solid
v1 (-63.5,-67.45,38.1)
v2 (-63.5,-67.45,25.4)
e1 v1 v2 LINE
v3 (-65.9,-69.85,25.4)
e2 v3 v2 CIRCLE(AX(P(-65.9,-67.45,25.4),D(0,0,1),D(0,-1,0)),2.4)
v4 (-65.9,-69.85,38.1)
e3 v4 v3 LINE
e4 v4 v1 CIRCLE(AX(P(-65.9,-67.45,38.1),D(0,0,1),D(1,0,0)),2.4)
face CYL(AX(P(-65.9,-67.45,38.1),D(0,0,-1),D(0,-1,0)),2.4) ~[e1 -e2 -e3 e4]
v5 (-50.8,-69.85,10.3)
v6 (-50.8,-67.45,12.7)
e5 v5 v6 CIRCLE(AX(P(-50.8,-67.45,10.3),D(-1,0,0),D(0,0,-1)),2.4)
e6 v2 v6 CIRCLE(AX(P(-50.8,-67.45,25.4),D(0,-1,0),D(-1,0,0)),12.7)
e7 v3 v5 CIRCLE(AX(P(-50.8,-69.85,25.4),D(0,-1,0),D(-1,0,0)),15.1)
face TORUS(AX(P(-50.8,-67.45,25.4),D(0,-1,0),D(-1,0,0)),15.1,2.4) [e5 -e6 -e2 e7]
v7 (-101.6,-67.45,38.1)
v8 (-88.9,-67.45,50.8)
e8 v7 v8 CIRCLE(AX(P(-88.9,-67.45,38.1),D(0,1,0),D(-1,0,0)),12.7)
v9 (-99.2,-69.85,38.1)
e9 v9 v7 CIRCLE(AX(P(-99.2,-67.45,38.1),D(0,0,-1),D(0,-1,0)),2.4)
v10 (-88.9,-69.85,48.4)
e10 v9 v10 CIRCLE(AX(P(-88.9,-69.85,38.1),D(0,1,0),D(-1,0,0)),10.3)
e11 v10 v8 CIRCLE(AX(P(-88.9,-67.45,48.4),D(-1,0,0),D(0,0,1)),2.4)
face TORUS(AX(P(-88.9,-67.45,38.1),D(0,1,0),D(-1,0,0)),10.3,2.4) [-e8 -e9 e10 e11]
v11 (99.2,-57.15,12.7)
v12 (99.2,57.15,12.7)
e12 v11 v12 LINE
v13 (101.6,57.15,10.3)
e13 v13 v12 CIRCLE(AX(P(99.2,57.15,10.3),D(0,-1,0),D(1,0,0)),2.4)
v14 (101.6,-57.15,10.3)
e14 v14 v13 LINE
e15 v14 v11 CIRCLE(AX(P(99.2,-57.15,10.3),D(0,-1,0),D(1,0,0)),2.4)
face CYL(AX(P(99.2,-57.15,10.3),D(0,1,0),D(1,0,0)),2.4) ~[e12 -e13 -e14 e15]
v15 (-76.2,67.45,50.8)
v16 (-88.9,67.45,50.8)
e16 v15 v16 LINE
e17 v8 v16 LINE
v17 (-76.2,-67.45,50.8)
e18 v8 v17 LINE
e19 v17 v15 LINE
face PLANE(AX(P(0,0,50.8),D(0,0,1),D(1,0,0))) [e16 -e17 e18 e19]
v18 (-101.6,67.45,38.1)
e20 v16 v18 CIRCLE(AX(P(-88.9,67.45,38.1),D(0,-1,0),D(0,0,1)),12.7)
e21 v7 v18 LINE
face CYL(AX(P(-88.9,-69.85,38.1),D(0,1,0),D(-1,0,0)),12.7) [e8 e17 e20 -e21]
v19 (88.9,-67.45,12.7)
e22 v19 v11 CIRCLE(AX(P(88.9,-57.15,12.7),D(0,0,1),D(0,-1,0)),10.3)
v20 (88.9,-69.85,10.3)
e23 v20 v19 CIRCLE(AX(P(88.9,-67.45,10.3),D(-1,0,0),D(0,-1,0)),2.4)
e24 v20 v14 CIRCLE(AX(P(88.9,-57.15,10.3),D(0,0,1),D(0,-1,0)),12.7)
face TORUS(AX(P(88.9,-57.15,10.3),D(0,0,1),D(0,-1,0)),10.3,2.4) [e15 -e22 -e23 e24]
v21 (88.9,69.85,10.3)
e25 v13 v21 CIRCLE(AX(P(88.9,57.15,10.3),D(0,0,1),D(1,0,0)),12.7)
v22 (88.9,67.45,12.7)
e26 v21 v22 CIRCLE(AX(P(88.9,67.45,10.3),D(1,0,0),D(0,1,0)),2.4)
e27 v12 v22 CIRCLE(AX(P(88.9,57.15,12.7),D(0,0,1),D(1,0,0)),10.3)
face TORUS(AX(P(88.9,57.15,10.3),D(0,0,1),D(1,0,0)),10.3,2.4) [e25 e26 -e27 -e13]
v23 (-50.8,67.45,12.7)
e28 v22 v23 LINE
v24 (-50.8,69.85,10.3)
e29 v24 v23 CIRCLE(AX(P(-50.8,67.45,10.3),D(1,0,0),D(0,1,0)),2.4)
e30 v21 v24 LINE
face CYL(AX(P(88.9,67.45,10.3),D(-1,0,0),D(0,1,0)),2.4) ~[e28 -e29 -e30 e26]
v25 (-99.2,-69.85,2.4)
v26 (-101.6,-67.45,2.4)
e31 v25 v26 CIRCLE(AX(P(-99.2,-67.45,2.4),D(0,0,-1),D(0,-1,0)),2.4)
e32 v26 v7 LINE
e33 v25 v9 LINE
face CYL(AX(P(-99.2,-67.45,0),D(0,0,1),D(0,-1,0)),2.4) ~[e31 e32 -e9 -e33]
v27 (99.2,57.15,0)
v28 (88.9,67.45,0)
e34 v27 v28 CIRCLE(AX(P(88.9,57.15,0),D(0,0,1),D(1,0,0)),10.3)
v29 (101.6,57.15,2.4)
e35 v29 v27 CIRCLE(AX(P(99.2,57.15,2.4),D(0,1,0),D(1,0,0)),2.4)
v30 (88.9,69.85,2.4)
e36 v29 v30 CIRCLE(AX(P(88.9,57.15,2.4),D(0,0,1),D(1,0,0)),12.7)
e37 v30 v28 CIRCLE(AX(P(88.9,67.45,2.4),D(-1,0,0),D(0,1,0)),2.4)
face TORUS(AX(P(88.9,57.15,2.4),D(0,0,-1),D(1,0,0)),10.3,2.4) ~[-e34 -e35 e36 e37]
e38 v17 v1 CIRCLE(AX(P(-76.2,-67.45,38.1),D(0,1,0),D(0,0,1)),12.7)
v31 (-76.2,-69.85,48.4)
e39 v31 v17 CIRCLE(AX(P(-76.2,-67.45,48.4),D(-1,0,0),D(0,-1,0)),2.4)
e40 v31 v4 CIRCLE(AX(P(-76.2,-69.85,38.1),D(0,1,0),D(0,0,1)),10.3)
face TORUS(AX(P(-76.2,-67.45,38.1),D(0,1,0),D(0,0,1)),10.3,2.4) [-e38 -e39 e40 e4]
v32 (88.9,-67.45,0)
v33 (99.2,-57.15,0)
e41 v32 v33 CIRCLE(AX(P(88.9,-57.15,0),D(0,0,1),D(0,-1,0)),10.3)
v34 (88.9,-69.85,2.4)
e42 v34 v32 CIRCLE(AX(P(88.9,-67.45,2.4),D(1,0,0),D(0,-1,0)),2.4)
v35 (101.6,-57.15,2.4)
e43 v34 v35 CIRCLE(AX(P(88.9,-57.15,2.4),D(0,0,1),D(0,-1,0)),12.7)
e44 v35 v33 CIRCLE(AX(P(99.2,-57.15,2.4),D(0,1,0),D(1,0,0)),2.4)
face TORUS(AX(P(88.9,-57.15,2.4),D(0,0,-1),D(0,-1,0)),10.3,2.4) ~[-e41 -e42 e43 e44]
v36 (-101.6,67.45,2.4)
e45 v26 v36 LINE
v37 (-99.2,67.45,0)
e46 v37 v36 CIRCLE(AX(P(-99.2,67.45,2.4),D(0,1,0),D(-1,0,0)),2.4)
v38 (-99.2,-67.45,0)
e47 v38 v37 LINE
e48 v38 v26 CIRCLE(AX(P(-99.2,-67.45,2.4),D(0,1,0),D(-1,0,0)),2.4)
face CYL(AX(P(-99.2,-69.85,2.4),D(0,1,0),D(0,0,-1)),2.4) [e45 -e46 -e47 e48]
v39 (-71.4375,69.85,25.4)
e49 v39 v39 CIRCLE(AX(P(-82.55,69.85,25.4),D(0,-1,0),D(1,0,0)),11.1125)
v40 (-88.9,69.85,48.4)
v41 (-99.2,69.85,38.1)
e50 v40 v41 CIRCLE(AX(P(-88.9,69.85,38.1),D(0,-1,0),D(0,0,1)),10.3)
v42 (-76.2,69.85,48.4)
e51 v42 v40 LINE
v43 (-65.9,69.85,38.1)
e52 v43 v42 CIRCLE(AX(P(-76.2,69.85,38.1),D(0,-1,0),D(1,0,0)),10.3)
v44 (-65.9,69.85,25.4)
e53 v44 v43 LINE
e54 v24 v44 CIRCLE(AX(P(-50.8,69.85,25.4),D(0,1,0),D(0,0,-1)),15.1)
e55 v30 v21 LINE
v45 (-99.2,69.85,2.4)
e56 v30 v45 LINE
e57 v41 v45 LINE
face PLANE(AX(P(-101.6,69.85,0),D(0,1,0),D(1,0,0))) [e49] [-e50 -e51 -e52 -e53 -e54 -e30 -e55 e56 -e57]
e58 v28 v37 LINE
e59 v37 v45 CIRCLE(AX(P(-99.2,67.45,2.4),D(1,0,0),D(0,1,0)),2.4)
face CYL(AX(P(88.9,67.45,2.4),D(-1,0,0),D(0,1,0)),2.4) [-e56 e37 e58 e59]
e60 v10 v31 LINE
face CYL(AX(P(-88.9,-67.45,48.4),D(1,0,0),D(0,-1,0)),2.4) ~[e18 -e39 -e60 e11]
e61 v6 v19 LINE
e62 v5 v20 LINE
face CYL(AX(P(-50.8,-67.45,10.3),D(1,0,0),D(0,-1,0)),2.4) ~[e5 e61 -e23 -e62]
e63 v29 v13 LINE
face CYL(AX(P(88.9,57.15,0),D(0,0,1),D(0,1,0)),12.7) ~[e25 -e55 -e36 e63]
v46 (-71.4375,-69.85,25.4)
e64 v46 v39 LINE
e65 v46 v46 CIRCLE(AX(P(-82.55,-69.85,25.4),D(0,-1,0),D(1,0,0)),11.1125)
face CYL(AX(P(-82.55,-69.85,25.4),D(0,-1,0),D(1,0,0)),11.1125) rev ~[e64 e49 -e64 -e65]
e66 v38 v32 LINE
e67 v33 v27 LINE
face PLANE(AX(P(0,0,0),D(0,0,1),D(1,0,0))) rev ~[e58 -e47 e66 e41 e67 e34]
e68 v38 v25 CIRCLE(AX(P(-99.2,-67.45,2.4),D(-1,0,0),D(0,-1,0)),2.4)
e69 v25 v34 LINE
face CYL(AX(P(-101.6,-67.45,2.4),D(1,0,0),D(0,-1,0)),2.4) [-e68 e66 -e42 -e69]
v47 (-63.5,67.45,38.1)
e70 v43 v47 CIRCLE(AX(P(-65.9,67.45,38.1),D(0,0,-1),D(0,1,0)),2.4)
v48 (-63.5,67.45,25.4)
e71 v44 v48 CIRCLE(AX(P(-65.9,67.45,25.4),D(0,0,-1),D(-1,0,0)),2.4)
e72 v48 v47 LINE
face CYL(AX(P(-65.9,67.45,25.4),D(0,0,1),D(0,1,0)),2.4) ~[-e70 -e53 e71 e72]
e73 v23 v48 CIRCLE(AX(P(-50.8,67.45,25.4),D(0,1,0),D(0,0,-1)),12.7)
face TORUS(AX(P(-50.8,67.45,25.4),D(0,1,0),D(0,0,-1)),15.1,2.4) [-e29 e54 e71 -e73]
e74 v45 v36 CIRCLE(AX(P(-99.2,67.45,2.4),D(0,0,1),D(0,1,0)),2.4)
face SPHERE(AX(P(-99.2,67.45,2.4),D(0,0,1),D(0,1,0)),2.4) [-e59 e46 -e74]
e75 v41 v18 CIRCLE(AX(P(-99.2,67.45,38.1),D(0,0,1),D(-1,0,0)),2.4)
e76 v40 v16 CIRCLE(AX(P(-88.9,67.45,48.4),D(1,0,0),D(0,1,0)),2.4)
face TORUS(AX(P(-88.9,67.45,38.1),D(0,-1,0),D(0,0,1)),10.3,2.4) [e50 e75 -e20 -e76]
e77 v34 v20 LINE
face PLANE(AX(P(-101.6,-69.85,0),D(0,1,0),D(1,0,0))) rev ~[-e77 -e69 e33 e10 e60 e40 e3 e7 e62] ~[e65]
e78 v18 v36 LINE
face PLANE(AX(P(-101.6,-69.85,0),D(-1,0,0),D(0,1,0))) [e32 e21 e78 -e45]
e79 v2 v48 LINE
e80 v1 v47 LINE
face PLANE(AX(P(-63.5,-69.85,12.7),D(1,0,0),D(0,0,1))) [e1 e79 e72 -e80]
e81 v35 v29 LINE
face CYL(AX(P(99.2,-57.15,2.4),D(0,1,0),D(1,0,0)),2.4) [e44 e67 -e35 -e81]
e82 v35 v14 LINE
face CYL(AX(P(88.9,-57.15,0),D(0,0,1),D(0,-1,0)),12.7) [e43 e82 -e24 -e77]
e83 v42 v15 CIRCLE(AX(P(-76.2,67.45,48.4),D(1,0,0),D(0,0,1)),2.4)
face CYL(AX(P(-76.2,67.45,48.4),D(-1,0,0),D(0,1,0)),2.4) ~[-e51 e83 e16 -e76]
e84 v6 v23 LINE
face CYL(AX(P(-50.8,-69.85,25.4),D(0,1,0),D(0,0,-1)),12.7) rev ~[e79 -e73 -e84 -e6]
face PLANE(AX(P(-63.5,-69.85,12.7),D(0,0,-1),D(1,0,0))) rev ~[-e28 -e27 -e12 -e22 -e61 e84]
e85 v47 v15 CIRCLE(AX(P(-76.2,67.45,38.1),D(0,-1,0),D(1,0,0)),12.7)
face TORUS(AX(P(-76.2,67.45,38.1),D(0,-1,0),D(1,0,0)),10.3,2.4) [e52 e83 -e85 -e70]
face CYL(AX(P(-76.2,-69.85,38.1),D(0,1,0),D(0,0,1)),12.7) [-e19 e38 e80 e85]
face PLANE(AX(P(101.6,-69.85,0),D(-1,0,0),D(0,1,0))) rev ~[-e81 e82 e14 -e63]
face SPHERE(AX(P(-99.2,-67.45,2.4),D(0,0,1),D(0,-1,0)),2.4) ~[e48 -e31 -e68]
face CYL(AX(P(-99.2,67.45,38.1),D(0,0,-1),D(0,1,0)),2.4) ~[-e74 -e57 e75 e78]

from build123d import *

# Parameters (mm, degrees)
SKETCH_W        = 203.2
SKETCH_H        = 139.7
PAD_DEPTH       = 50.8
SKETCH001_W     = 165.1
SKETCH001_H     = 38.1
POCKET_DEPTH    = 139.701
SKETCH002_R     = 11.1125
POCKET001_DEPTH = 139.701
FILLET_R        = 12.7
FILLET001_R     = 12.7
FILLET002_R     = 2.4


with BuildPart() as part:
    # Sketch → Pad (new body)
    with BuildSketch(Plane.XY):
        Rectangle(SKETCH_W, SKETCH_H)
    extrude(amount=PAD_DEPTH)

    # Sketch001 (on Face4 of Pad) → Pocket (cut, through all)
    with BuildSketch(Plane.XZ.offset(69.85)):
        with Locations((19.05, 31.75)):
            Rectangle(SKETCH001_W, SKETCH001_H)
    extrude(amount=-POCKET_DEPTH, mode=Mode.SUBTRACT)

    # Sketch002 (on Face2 of Pocket) → Pocket001 (cut, through all)
    with BuildSketch(Plane.XZ.offset(69.85)):
        with Locations((-82.55, 25.4)):
            Circle(SKETCH002_R)
    extrude(amount=-POCKET001_DEPTH, mode=Mode.SUBTRACT)

    # Fillet
    fillet_edges = [part.edges().sort_by_distance(p)[0] for p in [
        (-63.5, 0, 12.7),
        (-63.5, 0, 50.8),
        (-101.6, 0, 50.8),
    ]]
    fillet(fillet_edges, radius=FILLET_R)

    # Fillet001
    fillet001_edges = [part.edges().sort_by_distance(p)[0] for p in [
        (101.6, -69.85, 6.35),
        (101.6, 69.85, 6.35),
    ]]
    fillet(fillet001_edges, radius=FILLET001_R)

    # Fillet002
    fillet002_edges = [part.edges().sort_by_distance(p)[0] for p in [
        (19.05, -69.85, 12.7),
        (-59.780256, -69.85, 16.419744),
        (-63.5, -69.85, 31.75),
        (-67.219744, -69.85, 47.080256),
        (-82.55, -69.85, 50.8),
        (-97.880256, -69.85, 47.080256),
        (-101.6, -69.85, 19.05),
        (97.880256, -66.130256, 12.7),
        (101.6, 0, 12.7),
        (97.880256, 66.130256, 12.7),
        (19.05, 69.85, 12.7),
        (-59.780256, 69.85, 16.419744),
        (-63.5, 69.85, 31.75),
        (-67.219744, 69.85, 47.080256),
        (-82.55, 69.85, 50.8),
        (-97.880256, 69.85, 47.080256),
        (-101.6, 69.85, 19.05),
        (-6.35, -69.85, 0),
        (97.880256, -66.130256, 0),
        (101.6, 0, 0),
        (97.880256, 66.130256, 0),
        (-6.35, 69.85, 0),
        (-101.6, 0, 0),
    ]]
    fillet(fillet002_edges, radius=FILLET002_R)


solid = part.part
